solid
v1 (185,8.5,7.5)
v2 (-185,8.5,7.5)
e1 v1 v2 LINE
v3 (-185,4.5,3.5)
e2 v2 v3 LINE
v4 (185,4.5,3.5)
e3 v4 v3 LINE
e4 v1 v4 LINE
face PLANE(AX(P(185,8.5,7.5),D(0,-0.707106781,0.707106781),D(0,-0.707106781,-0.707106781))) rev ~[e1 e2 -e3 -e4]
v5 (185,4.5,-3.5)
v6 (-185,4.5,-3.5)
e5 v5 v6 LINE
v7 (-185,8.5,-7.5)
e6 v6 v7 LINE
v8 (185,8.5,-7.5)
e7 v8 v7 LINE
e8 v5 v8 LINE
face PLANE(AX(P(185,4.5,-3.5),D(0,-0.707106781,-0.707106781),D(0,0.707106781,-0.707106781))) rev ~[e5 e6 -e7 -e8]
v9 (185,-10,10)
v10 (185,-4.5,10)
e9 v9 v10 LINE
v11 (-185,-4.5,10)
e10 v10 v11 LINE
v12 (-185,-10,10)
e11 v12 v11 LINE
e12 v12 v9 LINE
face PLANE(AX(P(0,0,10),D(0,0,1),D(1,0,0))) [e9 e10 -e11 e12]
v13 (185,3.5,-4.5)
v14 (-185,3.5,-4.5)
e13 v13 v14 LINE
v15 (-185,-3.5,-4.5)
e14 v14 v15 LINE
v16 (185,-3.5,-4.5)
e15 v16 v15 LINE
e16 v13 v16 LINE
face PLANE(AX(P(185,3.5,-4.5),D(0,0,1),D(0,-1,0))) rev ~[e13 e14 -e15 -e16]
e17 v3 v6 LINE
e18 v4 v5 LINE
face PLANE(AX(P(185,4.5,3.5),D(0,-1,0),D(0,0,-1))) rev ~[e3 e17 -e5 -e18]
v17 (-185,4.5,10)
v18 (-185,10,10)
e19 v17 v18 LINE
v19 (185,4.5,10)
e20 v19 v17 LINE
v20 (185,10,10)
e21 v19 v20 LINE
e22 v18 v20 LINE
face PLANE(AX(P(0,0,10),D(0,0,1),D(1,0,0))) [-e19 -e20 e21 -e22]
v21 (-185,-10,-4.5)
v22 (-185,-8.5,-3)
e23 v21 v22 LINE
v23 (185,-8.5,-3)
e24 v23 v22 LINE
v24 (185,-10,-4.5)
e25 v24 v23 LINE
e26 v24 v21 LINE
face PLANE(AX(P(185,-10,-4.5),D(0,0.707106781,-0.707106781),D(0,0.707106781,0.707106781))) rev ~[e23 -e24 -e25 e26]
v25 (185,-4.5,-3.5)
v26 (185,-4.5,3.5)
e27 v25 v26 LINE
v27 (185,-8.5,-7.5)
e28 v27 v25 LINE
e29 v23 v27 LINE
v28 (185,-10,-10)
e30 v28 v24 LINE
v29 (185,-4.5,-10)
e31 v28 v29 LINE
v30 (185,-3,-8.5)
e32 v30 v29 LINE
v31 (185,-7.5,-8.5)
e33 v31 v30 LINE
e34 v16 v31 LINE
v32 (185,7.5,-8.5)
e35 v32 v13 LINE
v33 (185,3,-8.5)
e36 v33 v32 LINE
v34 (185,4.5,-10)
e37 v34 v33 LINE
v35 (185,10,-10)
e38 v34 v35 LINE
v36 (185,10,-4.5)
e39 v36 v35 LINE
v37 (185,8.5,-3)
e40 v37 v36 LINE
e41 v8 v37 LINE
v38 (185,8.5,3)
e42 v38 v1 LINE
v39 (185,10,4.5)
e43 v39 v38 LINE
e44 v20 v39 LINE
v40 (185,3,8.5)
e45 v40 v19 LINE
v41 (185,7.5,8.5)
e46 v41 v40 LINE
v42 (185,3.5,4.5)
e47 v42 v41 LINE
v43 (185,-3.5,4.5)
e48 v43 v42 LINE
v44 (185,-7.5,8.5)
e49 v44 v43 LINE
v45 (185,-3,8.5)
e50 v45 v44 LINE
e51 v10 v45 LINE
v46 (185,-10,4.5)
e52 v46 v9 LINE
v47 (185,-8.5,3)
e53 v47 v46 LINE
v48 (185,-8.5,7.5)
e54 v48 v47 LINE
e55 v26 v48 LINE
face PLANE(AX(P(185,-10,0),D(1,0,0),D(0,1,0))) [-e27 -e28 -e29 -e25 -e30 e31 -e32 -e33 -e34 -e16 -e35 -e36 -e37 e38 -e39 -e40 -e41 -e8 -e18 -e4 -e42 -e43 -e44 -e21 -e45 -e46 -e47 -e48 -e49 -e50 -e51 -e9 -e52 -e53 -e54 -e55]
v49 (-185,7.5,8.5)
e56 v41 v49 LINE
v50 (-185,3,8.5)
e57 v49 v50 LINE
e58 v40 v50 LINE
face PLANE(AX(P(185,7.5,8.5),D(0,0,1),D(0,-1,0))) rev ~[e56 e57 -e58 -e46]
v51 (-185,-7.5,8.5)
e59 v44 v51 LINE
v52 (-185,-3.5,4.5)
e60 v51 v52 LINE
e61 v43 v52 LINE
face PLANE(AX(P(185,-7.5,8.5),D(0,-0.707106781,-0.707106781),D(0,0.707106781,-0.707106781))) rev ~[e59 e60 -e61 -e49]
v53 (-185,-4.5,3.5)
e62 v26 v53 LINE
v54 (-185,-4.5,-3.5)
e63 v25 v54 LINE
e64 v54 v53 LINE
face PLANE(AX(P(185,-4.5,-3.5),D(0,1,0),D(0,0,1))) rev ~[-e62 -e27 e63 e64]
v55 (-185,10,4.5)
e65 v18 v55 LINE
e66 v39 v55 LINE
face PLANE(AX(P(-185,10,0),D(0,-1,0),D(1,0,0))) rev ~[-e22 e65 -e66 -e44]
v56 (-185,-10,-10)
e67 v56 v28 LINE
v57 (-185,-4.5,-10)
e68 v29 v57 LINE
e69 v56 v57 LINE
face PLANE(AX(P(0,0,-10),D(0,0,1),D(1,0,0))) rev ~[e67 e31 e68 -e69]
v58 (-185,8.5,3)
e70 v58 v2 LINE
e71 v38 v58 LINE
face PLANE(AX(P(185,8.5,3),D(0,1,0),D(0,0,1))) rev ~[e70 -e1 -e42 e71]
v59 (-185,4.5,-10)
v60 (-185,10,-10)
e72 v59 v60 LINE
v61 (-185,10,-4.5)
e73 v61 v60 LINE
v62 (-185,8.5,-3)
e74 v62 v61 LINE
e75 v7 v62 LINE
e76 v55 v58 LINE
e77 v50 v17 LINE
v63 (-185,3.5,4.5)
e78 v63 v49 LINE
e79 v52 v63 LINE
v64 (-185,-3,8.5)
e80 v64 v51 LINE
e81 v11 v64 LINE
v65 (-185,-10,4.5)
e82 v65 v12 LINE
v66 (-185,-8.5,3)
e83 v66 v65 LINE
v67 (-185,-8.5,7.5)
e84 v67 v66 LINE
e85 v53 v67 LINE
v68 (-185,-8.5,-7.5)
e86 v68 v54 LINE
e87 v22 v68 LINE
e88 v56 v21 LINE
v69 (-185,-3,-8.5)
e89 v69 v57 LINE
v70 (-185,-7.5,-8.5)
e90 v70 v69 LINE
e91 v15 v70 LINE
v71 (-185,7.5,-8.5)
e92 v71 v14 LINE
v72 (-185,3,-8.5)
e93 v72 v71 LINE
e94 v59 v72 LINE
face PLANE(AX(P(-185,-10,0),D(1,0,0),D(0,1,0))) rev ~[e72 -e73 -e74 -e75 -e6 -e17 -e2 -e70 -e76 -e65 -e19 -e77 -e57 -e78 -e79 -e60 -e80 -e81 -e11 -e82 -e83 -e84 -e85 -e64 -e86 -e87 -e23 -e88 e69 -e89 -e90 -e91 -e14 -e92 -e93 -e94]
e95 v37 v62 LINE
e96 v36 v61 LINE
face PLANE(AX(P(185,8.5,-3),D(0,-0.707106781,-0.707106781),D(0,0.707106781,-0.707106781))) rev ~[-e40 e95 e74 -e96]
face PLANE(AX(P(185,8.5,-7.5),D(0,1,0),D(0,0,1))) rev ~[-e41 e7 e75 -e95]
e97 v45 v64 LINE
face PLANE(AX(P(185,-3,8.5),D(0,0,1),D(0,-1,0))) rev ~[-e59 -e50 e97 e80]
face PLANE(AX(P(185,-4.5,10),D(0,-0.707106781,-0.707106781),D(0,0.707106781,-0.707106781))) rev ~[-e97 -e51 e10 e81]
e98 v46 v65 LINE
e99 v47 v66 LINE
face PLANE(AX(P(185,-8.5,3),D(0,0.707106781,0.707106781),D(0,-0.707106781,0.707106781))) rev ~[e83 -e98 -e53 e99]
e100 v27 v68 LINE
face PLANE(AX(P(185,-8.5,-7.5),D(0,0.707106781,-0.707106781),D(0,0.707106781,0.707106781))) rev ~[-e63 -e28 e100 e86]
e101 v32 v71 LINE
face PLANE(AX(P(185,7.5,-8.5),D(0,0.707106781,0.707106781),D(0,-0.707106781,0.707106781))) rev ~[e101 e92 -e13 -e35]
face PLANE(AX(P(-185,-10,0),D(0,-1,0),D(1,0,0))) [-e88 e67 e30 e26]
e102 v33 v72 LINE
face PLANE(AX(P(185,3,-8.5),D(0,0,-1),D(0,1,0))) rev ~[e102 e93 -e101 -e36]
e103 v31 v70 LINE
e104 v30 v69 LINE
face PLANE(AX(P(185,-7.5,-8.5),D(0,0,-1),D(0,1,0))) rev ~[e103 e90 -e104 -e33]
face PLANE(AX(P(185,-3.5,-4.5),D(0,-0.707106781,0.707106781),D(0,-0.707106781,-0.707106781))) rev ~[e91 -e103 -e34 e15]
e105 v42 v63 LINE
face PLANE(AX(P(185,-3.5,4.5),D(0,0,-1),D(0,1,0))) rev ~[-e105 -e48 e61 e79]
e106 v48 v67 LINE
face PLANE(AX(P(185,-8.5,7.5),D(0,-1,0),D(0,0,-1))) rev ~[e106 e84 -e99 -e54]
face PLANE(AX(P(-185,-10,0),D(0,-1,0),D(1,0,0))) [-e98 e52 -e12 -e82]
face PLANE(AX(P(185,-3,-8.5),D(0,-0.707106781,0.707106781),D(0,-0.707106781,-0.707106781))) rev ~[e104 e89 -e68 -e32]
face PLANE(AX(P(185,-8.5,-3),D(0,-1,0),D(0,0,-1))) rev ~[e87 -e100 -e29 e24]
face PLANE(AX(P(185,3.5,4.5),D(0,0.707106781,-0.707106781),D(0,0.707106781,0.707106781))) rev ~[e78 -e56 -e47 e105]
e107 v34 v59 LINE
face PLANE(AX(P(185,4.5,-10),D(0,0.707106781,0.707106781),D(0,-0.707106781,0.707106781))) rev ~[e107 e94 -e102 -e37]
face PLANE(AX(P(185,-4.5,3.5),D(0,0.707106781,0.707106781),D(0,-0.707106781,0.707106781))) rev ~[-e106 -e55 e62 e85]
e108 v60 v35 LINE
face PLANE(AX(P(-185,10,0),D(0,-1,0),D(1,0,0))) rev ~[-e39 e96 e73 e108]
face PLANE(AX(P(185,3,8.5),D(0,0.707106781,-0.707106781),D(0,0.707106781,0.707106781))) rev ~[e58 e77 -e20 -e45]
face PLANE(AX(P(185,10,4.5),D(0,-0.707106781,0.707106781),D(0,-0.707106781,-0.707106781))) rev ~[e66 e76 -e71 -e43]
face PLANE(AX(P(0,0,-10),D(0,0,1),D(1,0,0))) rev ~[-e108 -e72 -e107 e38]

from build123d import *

# Parameters (mm, degrees)
F0_W     = 370
F0_H     = 20
F1_DEPTH = 10
F3_DEPTH = 370.001


with BuildPart() as f1:
    # F0 (on Top) → F1 (new body, symmetric)
    with BuildSketch(Plane.XY):
        Rectangle(F0_W, F0_H)
    extrude(amount=F1_DEPTH, both=True)

    # F2 (on face) → F3 (cut, through all)
    with BuildSketch(Plane.YZ.offset(185)):
        Polygon((-8.5, 3), (-10, 4.5), (-10, -4.5), (-8.5, -3), (-8.5, -7.5), (-4.5, -3.5), (-4.5, 0), (-4.5, 3.5), (-8.5, 7.5), align=None)
        Polygon((-3, -8.5), (-4.5, -10), (4.5, -10), (3, -8.5), (7.5, -8.5), (3.5, -4.5), (0, -4.5), (-3.5, -4.5), (-7.5, -8.5), align=None)
        Polygon((10, -4.5), (10, 4.5), (8.5, 3), (8.5, 7.5), (4.5, 3.5), (4.5, 0), (4.5, -3.5), (8.5, -7.5), (8.5, -3), align=None)
        Polygon((4.5, 10), (-4.5, 10), (-3, 8.5), (-7.5, 8.5), (-3.5, 4.5), (0, 4.5), (3.5, 4.5), (7.5, 8.5), (3, 8.5), align=None)
    extrude(amount=-F3_DEPTH, mode=Mode.SUBTRACT)


solid = f1.part
